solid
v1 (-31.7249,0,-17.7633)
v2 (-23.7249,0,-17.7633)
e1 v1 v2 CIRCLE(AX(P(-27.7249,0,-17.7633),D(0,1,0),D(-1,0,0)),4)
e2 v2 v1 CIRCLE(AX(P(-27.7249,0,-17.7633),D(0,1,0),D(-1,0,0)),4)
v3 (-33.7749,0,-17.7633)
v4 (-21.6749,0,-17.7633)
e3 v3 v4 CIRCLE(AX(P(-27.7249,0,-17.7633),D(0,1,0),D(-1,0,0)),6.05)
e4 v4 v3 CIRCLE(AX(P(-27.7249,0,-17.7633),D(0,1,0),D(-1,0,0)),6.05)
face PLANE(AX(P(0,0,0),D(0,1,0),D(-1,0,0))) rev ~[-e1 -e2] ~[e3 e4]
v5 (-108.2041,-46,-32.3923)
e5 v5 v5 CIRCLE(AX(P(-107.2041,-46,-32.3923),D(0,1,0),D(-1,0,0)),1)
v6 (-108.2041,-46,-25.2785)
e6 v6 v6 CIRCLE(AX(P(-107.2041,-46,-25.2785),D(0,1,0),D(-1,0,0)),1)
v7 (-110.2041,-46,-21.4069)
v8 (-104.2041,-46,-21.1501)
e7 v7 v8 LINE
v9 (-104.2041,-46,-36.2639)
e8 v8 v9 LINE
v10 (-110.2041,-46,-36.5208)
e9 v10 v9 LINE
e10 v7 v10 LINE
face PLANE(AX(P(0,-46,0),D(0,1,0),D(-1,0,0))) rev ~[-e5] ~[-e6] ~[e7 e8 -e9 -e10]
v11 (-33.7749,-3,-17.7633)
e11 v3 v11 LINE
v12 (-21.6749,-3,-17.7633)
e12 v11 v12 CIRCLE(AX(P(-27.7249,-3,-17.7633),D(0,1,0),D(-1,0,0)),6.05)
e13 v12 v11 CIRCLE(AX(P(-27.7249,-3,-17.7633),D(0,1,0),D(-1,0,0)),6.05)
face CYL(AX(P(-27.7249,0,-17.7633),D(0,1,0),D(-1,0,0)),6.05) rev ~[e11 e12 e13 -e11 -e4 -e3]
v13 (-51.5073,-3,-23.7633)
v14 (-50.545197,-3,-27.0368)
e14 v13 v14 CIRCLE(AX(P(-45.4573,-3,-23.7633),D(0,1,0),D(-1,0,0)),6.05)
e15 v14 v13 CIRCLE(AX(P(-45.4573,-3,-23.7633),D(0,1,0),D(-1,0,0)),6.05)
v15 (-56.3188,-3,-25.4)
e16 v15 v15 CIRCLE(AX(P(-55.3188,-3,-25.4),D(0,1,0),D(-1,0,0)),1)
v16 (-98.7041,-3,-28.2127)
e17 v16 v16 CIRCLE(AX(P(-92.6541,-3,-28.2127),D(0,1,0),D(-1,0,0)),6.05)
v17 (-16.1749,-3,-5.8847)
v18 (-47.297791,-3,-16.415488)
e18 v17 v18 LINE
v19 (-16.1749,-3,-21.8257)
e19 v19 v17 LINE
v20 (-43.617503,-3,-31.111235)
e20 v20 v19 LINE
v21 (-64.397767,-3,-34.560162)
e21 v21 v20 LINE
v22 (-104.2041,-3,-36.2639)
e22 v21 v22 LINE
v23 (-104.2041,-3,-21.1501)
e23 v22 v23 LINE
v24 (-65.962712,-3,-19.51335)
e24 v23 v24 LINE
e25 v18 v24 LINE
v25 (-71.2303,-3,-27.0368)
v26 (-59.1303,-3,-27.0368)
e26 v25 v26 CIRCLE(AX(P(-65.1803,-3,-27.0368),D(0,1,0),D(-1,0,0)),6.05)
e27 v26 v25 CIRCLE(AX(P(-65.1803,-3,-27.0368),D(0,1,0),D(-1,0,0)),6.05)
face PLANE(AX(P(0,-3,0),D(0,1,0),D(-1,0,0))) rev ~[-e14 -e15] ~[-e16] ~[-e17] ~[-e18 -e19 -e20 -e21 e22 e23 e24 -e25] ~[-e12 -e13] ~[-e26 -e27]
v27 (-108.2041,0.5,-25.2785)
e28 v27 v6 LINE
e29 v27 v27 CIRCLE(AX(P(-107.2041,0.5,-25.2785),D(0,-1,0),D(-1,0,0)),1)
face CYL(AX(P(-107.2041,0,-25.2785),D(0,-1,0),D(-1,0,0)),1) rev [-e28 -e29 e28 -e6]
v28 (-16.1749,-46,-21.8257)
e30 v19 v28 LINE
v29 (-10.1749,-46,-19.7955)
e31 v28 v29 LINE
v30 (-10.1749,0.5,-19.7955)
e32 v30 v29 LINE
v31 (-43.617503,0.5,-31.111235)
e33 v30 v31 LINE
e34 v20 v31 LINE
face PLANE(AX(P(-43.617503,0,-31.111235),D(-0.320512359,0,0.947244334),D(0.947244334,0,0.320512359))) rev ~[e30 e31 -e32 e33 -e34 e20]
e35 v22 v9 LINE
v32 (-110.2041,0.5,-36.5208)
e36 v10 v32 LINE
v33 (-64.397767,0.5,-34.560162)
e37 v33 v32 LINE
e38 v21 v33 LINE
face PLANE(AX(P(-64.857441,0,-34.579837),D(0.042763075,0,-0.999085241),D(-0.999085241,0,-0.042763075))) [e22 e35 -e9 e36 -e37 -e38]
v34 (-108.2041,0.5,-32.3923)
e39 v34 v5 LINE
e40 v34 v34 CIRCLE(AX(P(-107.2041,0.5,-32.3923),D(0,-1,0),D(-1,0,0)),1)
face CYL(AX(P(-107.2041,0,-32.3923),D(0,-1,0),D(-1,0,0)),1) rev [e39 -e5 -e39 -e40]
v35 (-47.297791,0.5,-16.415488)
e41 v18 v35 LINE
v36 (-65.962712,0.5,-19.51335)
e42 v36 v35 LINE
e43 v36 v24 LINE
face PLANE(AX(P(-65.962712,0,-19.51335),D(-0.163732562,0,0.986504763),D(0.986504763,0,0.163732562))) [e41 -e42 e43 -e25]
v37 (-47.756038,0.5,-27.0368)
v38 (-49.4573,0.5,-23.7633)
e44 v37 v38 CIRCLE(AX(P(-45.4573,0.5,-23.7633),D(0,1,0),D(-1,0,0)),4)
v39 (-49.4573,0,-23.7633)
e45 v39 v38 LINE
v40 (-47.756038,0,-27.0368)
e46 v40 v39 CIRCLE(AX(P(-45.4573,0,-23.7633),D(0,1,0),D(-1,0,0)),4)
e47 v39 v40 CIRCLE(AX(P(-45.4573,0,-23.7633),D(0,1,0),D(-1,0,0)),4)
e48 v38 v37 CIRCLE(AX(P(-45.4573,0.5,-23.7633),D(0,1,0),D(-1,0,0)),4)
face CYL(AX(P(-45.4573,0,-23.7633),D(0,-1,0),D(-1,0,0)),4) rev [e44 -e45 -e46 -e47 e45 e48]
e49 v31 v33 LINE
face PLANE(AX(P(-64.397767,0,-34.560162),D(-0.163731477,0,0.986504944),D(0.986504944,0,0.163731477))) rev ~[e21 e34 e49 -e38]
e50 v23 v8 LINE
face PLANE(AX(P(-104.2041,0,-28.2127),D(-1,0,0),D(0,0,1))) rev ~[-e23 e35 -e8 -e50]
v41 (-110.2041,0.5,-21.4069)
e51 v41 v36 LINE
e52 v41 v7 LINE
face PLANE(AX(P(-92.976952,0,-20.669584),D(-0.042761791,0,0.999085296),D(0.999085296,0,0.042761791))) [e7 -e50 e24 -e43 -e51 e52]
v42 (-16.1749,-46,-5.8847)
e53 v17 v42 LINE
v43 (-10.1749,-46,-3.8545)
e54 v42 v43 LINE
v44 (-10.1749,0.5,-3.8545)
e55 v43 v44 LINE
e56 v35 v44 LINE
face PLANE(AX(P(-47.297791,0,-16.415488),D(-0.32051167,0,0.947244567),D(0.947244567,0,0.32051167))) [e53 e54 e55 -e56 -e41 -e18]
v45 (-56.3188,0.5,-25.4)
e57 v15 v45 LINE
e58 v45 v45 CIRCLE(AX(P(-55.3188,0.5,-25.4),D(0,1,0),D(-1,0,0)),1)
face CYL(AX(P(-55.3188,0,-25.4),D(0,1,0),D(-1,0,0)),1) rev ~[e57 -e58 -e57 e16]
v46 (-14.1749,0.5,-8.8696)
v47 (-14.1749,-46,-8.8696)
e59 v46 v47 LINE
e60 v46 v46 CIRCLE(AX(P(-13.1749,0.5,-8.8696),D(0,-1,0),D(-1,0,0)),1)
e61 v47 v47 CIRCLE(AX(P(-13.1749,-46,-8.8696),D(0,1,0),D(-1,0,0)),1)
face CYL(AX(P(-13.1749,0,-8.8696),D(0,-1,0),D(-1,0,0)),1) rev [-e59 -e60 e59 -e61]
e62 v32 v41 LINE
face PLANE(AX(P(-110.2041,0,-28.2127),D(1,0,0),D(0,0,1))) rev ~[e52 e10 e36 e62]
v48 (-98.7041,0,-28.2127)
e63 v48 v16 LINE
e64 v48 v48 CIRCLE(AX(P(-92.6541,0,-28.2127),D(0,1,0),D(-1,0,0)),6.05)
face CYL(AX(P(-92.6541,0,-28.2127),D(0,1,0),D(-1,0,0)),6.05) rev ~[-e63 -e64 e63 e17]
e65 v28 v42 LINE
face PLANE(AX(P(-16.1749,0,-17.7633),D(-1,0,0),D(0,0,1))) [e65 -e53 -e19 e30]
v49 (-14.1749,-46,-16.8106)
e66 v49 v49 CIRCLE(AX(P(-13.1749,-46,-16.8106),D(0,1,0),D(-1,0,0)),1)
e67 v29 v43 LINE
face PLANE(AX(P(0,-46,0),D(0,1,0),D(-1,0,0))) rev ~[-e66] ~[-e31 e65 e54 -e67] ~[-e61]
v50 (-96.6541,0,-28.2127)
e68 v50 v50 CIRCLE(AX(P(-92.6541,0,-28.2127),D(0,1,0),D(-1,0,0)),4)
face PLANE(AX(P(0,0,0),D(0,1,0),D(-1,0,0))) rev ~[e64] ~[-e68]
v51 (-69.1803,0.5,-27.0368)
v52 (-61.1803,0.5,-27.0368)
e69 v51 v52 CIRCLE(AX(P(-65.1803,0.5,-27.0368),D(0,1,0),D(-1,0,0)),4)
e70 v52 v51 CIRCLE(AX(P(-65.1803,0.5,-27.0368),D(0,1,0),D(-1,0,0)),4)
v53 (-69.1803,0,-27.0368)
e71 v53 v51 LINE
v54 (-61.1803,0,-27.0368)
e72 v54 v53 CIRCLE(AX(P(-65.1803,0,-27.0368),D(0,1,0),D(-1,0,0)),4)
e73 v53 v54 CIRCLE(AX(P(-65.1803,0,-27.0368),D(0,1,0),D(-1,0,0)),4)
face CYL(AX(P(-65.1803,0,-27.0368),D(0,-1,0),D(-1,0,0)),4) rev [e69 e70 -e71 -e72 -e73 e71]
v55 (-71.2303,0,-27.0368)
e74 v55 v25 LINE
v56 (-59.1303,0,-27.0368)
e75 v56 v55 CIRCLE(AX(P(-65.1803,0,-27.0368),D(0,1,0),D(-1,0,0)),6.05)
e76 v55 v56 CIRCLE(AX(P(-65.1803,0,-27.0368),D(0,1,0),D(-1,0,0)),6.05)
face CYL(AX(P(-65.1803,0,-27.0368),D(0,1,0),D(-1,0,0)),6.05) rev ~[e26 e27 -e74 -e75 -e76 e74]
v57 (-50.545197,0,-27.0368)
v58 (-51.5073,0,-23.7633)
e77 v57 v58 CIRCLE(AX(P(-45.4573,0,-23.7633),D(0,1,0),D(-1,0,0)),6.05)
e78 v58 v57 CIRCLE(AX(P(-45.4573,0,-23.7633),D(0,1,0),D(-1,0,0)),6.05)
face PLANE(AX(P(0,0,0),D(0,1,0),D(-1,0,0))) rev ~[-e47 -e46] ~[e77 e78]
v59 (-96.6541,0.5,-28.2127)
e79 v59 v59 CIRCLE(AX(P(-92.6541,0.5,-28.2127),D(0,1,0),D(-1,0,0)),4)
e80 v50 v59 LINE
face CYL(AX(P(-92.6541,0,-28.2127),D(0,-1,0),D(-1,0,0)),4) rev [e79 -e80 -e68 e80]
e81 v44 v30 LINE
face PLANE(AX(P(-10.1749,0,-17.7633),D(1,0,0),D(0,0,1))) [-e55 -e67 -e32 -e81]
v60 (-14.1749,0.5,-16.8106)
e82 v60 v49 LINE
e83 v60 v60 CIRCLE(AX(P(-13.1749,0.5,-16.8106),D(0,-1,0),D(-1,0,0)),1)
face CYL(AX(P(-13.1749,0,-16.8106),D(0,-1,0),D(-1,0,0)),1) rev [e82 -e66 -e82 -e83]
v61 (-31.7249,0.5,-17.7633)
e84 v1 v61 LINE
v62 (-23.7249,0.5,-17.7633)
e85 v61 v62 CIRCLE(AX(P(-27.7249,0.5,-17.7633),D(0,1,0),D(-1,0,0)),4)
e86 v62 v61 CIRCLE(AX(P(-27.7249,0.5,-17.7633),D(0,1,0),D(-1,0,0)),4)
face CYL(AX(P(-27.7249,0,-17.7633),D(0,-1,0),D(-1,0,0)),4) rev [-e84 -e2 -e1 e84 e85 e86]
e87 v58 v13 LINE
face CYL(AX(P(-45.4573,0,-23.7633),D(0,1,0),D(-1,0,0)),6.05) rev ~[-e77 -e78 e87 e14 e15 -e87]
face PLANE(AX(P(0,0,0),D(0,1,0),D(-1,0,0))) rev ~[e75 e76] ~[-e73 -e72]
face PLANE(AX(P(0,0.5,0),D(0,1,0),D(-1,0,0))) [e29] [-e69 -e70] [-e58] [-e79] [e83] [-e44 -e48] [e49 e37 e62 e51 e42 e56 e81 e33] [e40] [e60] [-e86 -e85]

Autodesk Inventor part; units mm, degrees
ref_plane "YZ Plane" through (0, 0, 0) normal (1, 0, 0) x (0, 1, 0)
ref_plane "XZ Plane" through (0, 0, 0) normal (0, 1, 0) x (-1, 0, 0)
ref_plane "XY Plane" through (0, 0, 0) normal (0, 0, 1) x (1, 0, 0)
sketch "Sketch1" plane through (0, 0, 0) normal (0, 1, 0) x (-1, 0, 0)
  circle A0 centre (92.6541, -28.2127) radius 6.05
  circle A1 centre (65.1803, -27.0368) radius 6.05
  circle A2 centre (45.4573, -23.7633) radius 6.05
  circle A3 centre (92.6541, -28.2127) radius 7.55
  circle A4 centre (65.1803, -27.0368) radius 7.55
  circle A5 centre (45.4573, -23.7633) radius 7.55
  circle A6 centre (92.6541, -28.2127) radius 4
  circle A7 centre (45.4573, -23.7633) radius 4
  line L0 (92.6541, -28.2127) -> (100.2041, -28.2127)
  line L1 (70.678, -35.6025) -> (39.5208, -30.4313)
  line L2 (60.2143, -34.3811) -> (122.676, -37.0546)
  line L3 (51.451, -33.7618) -> (1.5927, -16.8916)
  line L4 (51.8932, -17.9704) -> (4.2209, -1.8399)
  circle A8 centre (27.7249, -17.7633) radius 4
  circle A9 centre (27.7249, -17.7633) radius 6.05
  circle A10 centre (27.7249, -17.7633) radius 7.55
  line L5 (27.7249, -17.7633) -> (20.1749, -17.7633)
  line L6 (20.1749, -17.7633) -> (16.1749, -17.7633)
  line L7 (16.1749, -17.7633) -> (10.1749, -17.7633)
  line L8 (10.1749, -17.7633) -> (10.1749, -19.7955)
  line L9 (10.1749, -19.7955) -> (10.1749, -3.8545)
  line L10 (13.1749, -17.7633) -> (13.1749, -20.8106)
  line L11 (13.1749, -20.8106) -> (13.1749, -4.8696)
  line L12 (13.1749, -20.8106) -> (13.1749, -16.8106)
  line L13 (13.1749, -4.8696) -> (13.1749, -8.8696)
  circle A11 centre (13.1749, -16.8106) radius 1
  circle A12 centre (13.1749, -8.8696) radius 1
  line L14 (16.1749, -17.7633) -> (16.1749, -21.8257)
  line L15 (16.1749, -17.7633) -> (16.1749, -5.8847)
  line L16 (114.6217, -21.596) -> (60.8612, -19.295)
  line L17 (100.2041, -28.2127) -> (104.2041, -28.2127)
  line L18 (104.2041, -28.2127) -> (110.2041, -28.2127)
  line L19 (107.2041, -28.2127) -> (107.2041, -21.2785)
  line L20 (107.2041, -28.2127) -> (107.2041, -36.3923)
  line L21 (107.2041, -36.3923) -> (107.2041, -28.3923)
  line L22 (107.2041, -21.2785) -> (107.2041, -25.2785)
  circle A13 centre (107.2041, -32.3923) radius 1
  circle A14 centre (107.2041, -25.2785) radius 1
  line L23 (110.2041, -28.2127) -> (110.2041, -36.5208)
  line L24 (104.2041, -28.2127) -> (104.2041, -36.2639)
  line L25 (104.2041, -28.2127) -> (104.2041, -21.1501)
  line L26 (110.2041, -28.2127) -> (110.2041, -21.4069)
  line L27 (75.2254, -21.0507) -> (39.3363, -15.0941)
  line L28 (65.1803, -27.0368) -> (45.4573, -27.0368)
  line L29 (55.3188, -33.0533) -> (55.3188, -17.7467)
  circle A15 centre (55.3188, -25.4) radius 1
  circle A16 centre (55.3188, -25.4) radius 2.55
  circle A17 centre (65.1803, -27.0368) radius 4
  point P0 (43.6173, -31.1112)
  point P1 (64.3979, -34.5602)
  point P2 (65.9627, -19.5133)
  point P3 (66.4165, -19.5886)
  point P4 (65.5031, -19.4937)
  point P5 (47.2973, -16.4154)
  point P6 (47.8772, -16.6116)
  point P7 (46.6935, -16.3152)
  dimension "d143" = 15.1
  dimension "d132" = 12.1
  dimension "d133" = 12.1
  dimension "d134" = 12.1
  dimension "d135" = 15.1
  dimension "d136" = 15.1
  dimension "d137" = 8
  dimension "d139" = 8
  dimension "d140" = 1.1759
  dimension "d141" = 3.2735
  dimension "d142" = 12.1
  dimension "d144" = 8
  dimension "d145" = 6
  dimension "d146" = 4
  dimension "d147" = 6
  dimension "d148" = 4
  dimension "d149" = 4
  dimension "d150" = 2
  dimension "d151" = 2
  dimension "d152" = 4
  dimension "d153" = 6
  dimension "d154" = 4
  dimension "d155" = 4
  dimension "d156" = 2
  dimension "d157" = 2
  dimension "d159" = 5.1
  dimension "d160" = 2
  dimension "d161" = 8
extrude "Extrusion1" add sketch "Sketch1" against normal blind 3 contours A3 | A3 L16 L25 L17 | L17 L24 L2 A3 | A3 L2 A4 L27 L16 | L27 A4 L16 | L16 A4 A16 L29 L27 | L2 L1 A4 | A4 A16 | L29 A16 A5 L4 L27 | L1 L29 A16 L28 A4 | A16 A4 | A4 A16 L28 L29 A15 | L27 A5 L3 A10 L4 | L4 A5 L27 | L29 A15 L28 A16 A5 | L28 A16 A4 | L1 A5 L28 A16 L29 | A5 A16 | A10 L6 L15 L4 | A10 | A15 L29 | L29 A15 | A5 A16 | A16 L29 L28 | L1 L3 A5 | A16 L28 L29 | A10 L3 L14 L6 | A16 L28 A5
extrude "Extrusion2" add sketch "Sketch1" along normal blind 0.5 contours A0 | A3 | A3 L16 L25 L17 | L17 L24 L2 A3 | A3 L2 A4 L27 L16 | L25 L16 L19 A14 L18 | L18 L20 A13 L2 L24 | L27 A4 L16 | L16 A4 A16 L29 L27 | L2 L1 A4 | A1 | A4 A16 | L19 A14 L16 L26 L18 | L18 L23 L2 L20 A13 | L29 A16 A5 L4 L27 | L1 L29 A16 L28 A4 | A16 A4 | A4 A16 L28 L29 A15 | L27 A5 L3 A10 L4 | L4 A5 L27 | L29 A15 L28 A16 A5 | L28 A16 A4 | L1 A5 L28 A16 L29 | A2 | A5 A16 | A10 L6 L15 L4 | A9 | A10 | A15 L29 | L29 A15 | A5 A16 | A16 L29 L28 | L1 L3 A5 | A16 L28 L29 | L15 L7 A11 L11 A12 L4 | A10 L3 L14 L6 | A16 L28 A5 | L11 A12 A11 L7 L9 L4 | L14 L3 L10 A11 L7 | L7 A11 L10 L3 L8
extrude "Extrusion8" add sketch "Sketch1" against normal blind 46 contours L25 L16 L19 A14 L18 | L18 L20 A13 L2 L24 | L19 A14 L16 L26 L18 | L18 L23 L2 L20 A13 | L15 L7 A11 L11 A12 L4 | L11 A12 A11 L7 L9 L4 | L14 L3 L10 A11 L7 | L7 A11 L10 L3 L8
extrude "Extrusion9" cut sketch "Sketch1" along normal through all both and the other way through all contours A15 L29 | L29 A15
properties part number "Servo Holder"
